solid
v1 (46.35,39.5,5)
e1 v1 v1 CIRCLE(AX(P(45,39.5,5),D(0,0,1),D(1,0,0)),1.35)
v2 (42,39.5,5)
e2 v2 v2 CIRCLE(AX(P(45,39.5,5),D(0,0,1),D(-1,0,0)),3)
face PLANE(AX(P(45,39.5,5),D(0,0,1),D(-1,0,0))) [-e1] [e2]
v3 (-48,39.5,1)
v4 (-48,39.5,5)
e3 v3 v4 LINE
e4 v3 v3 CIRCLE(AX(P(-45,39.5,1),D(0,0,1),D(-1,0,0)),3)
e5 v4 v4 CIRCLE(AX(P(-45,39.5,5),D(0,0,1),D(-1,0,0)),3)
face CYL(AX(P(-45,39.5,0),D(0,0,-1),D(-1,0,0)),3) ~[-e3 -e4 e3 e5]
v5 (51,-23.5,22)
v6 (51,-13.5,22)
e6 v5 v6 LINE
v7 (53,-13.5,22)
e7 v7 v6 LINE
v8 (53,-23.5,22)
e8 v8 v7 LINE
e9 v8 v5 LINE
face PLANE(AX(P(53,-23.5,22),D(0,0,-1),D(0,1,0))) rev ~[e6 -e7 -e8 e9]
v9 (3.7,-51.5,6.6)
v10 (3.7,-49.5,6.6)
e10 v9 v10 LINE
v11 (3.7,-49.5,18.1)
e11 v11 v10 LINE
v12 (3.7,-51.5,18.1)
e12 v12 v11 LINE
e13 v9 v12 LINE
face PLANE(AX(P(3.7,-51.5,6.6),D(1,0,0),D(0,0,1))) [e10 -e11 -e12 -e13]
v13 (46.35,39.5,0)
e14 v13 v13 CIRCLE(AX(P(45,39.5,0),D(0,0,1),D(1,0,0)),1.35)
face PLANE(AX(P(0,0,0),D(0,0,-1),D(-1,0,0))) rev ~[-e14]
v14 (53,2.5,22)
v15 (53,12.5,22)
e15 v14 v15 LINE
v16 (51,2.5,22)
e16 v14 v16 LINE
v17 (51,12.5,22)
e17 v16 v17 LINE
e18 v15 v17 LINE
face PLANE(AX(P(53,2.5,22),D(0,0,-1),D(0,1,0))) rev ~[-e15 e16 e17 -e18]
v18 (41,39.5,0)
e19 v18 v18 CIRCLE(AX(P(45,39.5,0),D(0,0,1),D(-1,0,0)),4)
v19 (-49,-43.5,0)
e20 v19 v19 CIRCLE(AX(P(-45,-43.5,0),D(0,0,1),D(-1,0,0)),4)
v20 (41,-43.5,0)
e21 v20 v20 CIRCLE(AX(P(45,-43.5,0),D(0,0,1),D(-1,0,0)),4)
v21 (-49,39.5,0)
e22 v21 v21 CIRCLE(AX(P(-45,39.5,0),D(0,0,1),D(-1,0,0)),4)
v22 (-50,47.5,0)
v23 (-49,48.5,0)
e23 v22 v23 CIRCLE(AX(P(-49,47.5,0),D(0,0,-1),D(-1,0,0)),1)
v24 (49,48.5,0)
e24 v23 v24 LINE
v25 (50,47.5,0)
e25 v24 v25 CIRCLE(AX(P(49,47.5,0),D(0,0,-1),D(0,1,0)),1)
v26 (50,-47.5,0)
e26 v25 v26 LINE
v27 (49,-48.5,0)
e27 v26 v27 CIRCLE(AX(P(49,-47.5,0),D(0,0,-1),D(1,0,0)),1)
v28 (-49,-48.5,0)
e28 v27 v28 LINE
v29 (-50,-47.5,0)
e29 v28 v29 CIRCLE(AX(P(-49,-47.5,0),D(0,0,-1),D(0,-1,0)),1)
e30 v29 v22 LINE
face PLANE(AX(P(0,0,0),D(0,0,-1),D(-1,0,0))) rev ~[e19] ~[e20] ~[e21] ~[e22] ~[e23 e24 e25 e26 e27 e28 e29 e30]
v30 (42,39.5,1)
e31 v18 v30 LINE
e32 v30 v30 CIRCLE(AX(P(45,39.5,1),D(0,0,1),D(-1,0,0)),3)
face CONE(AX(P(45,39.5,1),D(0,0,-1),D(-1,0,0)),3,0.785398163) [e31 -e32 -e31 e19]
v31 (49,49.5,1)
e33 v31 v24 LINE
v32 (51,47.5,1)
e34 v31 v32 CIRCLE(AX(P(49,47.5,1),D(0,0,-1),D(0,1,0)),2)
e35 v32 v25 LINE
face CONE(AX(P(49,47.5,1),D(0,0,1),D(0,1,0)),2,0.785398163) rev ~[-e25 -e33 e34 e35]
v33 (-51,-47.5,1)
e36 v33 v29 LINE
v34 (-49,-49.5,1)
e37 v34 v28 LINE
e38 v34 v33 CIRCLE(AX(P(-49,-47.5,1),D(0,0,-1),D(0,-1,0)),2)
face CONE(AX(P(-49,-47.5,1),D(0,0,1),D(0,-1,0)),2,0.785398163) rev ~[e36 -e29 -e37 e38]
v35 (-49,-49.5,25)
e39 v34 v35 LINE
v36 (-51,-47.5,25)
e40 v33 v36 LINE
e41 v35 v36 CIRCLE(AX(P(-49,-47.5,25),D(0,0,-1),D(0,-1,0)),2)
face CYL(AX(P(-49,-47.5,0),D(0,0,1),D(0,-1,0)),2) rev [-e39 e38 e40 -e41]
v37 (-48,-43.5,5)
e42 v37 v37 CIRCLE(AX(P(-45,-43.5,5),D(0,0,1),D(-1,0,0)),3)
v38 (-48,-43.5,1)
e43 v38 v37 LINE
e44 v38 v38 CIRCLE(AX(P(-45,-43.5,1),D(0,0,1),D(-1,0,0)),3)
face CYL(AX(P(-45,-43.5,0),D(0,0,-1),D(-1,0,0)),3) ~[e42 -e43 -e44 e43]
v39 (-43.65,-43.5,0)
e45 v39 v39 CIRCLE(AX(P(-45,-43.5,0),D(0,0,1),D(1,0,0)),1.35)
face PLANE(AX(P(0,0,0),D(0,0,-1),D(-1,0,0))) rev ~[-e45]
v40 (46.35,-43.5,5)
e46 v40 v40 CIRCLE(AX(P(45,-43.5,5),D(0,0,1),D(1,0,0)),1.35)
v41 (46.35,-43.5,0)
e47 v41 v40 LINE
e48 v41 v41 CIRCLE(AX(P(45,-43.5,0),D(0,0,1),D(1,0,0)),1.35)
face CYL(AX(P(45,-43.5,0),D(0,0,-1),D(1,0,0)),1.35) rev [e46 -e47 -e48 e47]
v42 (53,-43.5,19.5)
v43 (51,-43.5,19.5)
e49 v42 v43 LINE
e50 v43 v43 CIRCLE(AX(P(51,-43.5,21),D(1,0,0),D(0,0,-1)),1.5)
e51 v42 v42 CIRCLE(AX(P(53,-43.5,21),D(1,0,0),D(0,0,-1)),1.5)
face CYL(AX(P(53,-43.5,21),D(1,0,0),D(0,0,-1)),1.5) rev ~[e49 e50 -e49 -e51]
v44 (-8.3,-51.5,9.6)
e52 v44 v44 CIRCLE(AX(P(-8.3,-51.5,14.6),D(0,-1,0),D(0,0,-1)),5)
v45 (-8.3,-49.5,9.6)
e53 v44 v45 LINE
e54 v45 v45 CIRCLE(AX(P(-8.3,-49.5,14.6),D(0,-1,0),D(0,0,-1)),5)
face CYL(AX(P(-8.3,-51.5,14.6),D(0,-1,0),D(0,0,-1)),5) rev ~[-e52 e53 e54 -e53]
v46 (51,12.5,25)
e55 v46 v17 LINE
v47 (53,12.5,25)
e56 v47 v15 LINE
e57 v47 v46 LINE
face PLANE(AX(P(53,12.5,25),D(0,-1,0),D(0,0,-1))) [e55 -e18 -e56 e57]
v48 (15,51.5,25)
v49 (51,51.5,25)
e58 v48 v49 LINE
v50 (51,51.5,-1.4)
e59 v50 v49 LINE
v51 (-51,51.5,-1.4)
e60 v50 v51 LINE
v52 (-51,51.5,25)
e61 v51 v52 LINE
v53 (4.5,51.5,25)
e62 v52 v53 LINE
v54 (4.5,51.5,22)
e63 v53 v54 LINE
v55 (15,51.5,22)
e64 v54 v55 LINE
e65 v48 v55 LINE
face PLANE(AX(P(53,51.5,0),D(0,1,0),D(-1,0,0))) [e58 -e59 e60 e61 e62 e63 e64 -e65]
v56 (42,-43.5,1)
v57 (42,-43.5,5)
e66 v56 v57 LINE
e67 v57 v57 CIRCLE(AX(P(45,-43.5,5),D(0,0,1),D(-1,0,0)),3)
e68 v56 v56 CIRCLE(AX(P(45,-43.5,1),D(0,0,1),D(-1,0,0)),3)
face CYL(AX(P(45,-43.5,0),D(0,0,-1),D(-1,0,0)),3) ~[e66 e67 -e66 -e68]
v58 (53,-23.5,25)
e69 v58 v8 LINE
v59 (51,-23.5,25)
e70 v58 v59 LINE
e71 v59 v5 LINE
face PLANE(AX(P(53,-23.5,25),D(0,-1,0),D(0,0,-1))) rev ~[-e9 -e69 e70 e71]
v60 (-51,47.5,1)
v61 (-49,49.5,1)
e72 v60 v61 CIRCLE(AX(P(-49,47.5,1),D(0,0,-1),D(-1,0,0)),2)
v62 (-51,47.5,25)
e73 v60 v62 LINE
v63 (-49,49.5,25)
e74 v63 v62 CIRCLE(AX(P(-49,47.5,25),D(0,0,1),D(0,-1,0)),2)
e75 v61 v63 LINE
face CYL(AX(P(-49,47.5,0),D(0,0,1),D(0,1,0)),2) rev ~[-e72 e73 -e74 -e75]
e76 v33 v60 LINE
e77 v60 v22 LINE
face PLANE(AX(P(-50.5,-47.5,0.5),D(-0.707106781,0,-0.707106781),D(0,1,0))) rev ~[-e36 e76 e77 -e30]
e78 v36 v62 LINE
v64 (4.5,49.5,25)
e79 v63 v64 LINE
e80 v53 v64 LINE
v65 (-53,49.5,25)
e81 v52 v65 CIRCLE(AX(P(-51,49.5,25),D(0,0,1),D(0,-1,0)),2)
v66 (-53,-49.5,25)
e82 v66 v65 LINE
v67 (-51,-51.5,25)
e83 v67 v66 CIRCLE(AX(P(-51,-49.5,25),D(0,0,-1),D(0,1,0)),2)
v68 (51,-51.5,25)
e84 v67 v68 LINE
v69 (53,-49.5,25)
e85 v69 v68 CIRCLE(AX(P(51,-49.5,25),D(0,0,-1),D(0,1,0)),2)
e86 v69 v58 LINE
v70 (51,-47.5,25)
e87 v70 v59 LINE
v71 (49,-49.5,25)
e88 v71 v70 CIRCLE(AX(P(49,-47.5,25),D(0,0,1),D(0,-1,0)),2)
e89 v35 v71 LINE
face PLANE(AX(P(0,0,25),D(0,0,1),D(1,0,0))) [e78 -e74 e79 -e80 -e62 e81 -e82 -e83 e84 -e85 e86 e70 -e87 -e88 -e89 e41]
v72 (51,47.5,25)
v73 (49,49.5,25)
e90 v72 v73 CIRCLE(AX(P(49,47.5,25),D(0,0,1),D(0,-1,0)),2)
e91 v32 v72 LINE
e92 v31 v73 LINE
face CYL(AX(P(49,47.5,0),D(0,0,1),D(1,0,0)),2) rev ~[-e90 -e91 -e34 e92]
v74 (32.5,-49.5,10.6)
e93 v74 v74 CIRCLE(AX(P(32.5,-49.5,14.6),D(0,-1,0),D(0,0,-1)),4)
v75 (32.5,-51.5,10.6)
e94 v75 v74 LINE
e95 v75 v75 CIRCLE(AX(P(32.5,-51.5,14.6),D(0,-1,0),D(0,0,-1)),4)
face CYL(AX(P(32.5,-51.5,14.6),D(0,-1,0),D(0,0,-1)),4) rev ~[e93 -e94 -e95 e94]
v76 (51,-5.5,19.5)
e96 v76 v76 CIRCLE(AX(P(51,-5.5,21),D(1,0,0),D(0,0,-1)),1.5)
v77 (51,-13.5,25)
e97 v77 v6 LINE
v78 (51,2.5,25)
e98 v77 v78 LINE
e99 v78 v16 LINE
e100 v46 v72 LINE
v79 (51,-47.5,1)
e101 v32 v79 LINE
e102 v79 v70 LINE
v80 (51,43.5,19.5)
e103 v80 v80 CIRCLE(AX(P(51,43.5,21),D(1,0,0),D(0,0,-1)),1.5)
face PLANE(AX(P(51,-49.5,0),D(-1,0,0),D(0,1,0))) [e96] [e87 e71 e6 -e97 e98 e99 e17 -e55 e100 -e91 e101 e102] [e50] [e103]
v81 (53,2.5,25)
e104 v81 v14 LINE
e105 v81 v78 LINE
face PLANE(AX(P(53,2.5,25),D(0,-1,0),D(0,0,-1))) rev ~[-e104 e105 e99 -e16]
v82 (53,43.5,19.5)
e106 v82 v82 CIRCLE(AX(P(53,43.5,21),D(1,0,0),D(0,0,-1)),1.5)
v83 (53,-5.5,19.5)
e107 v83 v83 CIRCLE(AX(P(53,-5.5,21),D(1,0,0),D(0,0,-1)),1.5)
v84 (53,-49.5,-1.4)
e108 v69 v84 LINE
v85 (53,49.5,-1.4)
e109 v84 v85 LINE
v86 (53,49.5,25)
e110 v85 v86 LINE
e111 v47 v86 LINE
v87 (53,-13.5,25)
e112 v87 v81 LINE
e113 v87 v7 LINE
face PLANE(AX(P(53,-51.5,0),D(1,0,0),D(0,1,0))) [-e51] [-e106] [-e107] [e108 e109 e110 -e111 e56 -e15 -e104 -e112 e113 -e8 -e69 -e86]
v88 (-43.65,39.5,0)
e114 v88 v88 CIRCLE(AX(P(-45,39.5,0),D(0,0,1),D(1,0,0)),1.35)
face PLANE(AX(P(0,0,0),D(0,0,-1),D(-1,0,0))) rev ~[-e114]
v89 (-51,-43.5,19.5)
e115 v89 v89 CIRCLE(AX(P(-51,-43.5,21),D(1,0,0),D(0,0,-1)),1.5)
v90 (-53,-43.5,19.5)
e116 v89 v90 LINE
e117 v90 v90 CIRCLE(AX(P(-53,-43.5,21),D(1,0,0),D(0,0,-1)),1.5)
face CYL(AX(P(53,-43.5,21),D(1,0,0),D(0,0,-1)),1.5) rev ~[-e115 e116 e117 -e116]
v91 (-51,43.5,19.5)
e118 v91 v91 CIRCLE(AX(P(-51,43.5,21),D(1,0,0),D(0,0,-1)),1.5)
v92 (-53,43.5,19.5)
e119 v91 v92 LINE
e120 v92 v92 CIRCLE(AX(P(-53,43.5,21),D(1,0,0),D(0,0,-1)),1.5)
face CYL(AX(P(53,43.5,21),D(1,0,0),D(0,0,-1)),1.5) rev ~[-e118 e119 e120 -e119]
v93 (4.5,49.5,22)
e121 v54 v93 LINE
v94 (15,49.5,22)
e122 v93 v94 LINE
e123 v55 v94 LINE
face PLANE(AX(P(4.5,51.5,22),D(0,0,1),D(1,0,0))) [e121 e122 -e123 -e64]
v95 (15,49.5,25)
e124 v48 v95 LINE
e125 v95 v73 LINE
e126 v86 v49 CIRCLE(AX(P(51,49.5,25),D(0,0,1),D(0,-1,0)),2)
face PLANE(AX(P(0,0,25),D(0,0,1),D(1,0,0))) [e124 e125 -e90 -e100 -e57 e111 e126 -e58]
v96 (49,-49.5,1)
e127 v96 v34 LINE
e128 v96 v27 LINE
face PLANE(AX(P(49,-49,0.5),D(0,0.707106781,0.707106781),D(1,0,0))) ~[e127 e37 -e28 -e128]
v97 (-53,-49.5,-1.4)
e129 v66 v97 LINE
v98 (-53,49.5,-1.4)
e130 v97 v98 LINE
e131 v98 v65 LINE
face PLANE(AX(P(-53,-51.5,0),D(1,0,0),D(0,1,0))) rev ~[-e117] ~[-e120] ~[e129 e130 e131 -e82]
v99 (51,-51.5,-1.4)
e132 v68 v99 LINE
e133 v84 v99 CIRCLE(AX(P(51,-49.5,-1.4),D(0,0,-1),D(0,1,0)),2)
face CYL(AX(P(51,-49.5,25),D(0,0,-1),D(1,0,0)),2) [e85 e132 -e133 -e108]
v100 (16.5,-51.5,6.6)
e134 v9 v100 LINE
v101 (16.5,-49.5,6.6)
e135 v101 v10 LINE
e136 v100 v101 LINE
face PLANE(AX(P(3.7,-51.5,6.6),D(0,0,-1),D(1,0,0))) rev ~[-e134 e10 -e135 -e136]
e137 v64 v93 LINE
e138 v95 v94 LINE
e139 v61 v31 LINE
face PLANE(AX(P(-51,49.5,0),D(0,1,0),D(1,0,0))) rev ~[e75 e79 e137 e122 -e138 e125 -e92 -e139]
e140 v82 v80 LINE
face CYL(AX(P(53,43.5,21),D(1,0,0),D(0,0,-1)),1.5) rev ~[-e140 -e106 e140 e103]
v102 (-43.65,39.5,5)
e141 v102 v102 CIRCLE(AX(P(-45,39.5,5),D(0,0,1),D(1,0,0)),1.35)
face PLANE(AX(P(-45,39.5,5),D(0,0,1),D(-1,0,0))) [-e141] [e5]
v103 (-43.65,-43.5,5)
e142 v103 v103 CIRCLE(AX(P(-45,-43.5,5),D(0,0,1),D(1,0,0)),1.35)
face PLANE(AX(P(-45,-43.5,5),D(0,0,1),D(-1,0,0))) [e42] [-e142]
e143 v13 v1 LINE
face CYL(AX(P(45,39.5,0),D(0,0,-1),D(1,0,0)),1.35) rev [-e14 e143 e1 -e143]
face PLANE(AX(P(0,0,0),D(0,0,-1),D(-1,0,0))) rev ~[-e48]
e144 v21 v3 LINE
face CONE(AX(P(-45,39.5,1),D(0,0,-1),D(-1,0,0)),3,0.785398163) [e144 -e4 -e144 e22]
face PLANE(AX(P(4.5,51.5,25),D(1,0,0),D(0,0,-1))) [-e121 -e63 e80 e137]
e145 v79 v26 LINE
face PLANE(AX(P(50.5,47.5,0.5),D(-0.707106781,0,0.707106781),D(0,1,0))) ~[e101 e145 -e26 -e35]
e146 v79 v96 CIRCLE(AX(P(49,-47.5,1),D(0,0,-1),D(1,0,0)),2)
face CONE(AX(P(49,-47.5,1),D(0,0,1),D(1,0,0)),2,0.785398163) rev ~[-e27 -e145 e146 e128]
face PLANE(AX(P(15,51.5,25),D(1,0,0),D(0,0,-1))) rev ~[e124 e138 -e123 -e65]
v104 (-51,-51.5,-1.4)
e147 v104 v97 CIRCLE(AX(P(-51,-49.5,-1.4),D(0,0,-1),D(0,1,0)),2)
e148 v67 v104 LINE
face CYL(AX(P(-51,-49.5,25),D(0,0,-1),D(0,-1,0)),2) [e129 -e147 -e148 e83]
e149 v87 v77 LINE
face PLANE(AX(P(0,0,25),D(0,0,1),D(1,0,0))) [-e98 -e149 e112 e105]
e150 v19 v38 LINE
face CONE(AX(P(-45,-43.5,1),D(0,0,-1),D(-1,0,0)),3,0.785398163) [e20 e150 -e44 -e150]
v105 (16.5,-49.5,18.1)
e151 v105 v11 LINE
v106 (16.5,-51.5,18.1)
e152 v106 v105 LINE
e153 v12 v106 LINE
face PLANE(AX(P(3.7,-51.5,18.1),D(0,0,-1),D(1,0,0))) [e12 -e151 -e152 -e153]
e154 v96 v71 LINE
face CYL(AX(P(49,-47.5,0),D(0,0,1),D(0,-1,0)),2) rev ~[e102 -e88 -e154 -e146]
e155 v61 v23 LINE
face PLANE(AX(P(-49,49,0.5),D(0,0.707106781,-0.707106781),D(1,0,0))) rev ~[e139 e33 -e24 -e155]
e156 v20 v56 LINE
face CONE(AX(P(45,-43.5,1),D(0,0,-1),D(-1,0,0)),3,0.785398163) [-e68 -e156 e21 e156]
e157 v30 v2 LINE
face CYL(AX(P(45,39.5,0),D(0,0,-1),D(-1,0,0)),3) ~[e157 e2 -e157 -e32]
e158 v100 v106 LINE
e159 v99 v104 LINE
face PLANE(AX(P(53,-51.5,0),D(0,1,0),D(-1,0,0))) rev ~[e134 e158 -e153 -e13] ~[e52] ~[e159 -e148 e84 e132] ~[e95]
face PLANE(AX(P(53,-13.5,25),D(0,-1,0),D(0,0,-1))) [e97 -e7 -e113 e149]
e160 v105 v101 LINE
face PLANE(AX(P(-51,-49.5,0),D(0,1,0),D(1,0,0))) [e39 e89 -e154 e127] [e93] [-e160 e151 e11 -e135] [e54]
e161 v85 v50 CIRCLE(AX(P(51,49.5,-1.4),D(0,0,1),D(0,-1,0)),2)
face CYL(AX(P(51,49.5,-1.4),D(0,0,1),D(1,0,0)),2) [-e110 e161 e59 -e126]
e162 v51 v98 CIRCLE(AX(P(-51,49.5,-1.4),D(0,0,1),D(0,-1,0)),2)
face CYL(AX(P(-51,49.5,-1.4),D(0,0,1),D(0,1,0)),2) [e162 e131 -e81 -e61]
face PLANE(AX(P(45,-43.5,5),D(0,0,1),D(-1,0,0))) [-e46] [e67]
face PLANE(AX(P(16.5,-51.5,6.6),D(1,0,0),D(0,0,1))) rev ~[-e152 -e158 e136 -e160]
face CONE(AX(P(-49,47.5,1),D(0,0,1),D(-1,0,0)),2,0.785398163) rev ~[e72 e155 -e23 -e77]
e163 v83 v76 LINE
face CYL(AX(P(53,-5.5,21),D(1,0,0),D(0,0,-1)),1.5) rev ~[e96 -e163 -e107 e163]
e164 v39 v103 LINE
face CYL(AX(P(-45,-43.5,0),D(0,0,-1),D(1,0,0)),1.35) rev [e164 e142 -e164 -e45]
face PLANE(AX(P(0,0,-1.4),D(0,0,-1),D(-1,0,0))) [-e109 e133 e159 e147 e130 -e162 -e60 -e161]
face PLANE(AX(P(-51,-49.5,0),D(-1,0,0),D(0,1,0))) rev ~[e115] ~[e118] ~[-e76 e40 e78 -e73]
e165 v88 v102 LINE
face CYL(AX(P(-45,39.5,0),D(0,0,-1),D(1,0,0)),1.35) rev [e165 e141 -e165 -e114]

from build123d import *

# Parameters (mm, degrees)
SKETCH_1_W          = 106
SKETCH_1_H          = 103
SKETCH_1_W_2        = 102
SKETCH_1_H_2        = 99
EXTRUDE_1_DEPTH     = 25
SKETCH_2_W          = 106
SKETCH_2_H          = 103
EXTRUDE_2_DEPTH     = 1.4
SKETCH_3_R          = 3
SKETCH_3_R_2        = 1.35
EXTRUDE_3_DEPTH     = 5
SKETCH_4_W          = 12.8
SKETCH_4_H          = 11.5
CUT_EXTRUDE_1_DEPTH = 101
FILLET_1_R          = 2
CHAMFER_1_SIZE      = 1
SKETCH_5_R          = 4
SKETCH_5_R_2        = 5
CUT_EXTRUDE_2_DEPTH = 2
SKETCH_6_W          = 3
SKETCH_6_H          = 10
CUT_EXTRUDE_3_DEPTH = 2
SKETCH_8_R          = 1.5
CUT_EXTRUDE_4_DEPTH = 121.470950855
SKETCH_9_R          = 1.5
CUT_EXTRUDE_5_DEPTH = 2
SKETCH_10_W         = 10.5
SKETCH_10_H         = 3
CUT_EXTRUDE_6_DEPTH = 2


with BuildPart() as part:
    # Эскиз1 → Бобышка-Вытянуть1 (new body)
    with BuildSketch(Plane.XY):
        Rectangle(SKETCH_1_W, SKETCH_1_H)
        Rectangle(SKETCH_1_W_2, SKETCH_1_H_2, mode=Mode.SUBTRACT)
    extrude(amount=EXTRUDE_1_DEPTH)

    # Эскиз2 → Бобышка-Вытянуть2 (add)
    with BuildSketch(Plane(origin=(0, 0, 0), x_dir=(-1, 0, 0), z_dir=(0, 0, -1))):
        Rectangle(SKETCH_2_W, SKETCH_2_H)
    extrude(amount=EXTRUDE_2_DEPTH)

    # Эскиз3 → Бобышка-Вытянуть3 (add)
    # profile 1 of 4: a face of its own
    with BuildSketch(Plane.XY):
        with Locations(Location((-45, 39.5, 0), (0, 0, 180))):
            Circle(SKETCH_3_R)
        with Locations((-45, 39.5)):
            Circle(SKETCH_3_R_2, mode=Mode.SUBTRACT)
    # profile 2 of 4: a face of its own
    with BuildSketch(Plane.XY):
        with Locations(Location((45, 39.5, 0), (0, 0, 180))):
            Circle(SKETCH_3_R)
        with Locations((45, 39.5)):
            Circle(SKETCH_3_R_2, mode=Mode.SUBTRACT)
    # profile 3 of 4: a face of its own
    with BuildSketch(Plane.XY):
        with Locations(Location((-45, -43.5, 0), (0, 0, 180))):
            Circle(SKETCH_3_R)
        with Locations((-45, -43.5)):
            Circle(SKETCH_3_R_2, mode=Mode.SUBTRACT)
    # profile 4 of 4: a face of its own
    with BuildSketch(Plane.XY):
        with Locations(Location((45, -43.5, 0), (0, 0, 180))):
            Circle(SKETCH_3_R)
        with Locations((45, -43.5)):
            Circle(SKETCH_3_R_2, mode=Mode.SUBTRACT)
    extrude(amount=EXTRUDE_3_DEPTH)

    # Эскиз4 → Вырез-Вытянуть1 (cut)
    with BuildSketch(Plane.XZ.offset(51.5)):
        with Locations((10.1, 12.35)):
            Rectangle(SKETCH_4_W, SKETCH_4_H)
    extrude(amount=-CUT_EXTRUDE_1_DEPTH, mode=Mode.SUBTRACT)

    # Скругление1
    fillet_1_edges = [part.edges().sort_by_distance(p)[0] for p in [
        (51, -49.5, 12.5),
        (51, 49.5, 12.5),
        (-51, 49.5, 12.5),
        (-51, -49.5, 12.5),
        (53, -51.5, 11.8),
        (-53, -51.5, 11.8),
        (-53, 51.5, 11.8),
        (53, 51.5, 11.8),
    ]]
    fillet(fillet_1_edges, radius=FILLET_1_R)

    # Фаска1
    chamfer_1_edges = [part.edges().sort_by_distance(p)[0] for p in [
        (-51, 0, 0),
        (0, -49.5, 0),
        (51, 0, 0),
        (0, 49.5, 0),
        (50.414213562, -48.914213562, 0),
        (50.414213562, 48.914213562, 0),
        (-50.414213562, 48.914213562, 0),
        (-50.414213562, -48.914213562, 0),
        (-42, 39.5, 0),
        (48, 39.5, 0),
        (-42, -43.5, 0),
        (48, -43.5, 0),
    ]]
    chamfer(chamfer_1_edges, length=CHAMFER_1_SIZE)

    # Эскиз5 → Вырез-Вытянуть2 (cut)
    with BuildSketch(Plane.XZ.offset(51.5)):
        with Locations(Location((32.5, 14.6, 0), (0, 0, 270))):
            Circle(SKETCH_5_R)
        with Locations(Location((-8.3, 14.6, 0), (0, 0, 270))):
            Circle(SKETCH_5_R_2)
    extrude(amount=-CUT_EXTRUDE_2_DEPTH, mode=Mode.SUBTRACT)

    # Эскиз6 → Вырез-Вытянуть3 (cut)
    with BuildSketch(Plane(origin=(53, 0, 0), x_dir=(0, 0, -1), z_dir=(1, 0, 0))):
        with Locations((-23.5, -18.5)):
            Rectangle(SKETCH_6_W, SKETCH_6_H)
        with Locations((-23.5, 7.5)):
            Rectangle(SKETCH_6_W, SKETCH_6_H)
    extrude(amount=-CUT_EXTRUDE_3_DEPTH, mode=Mode.SUBTRACT)

    # Эскиз8 → Вырез-Вытянуть4 (cut, through all)
    with BuildSketch(Plane(origin=(53, 0, 0), x_dir=(0, 0, -1), z_dir=(1, 0, 0))):
        with Locations((-21, 43.5)):
            Circle(SKETCH_8_R)
        with Locations((-21, -43.5)):
            Circle(SKETCH_8_R)
    extrude(amount=-CUT_EXTRUDE_4_DEPTH, mode=Mode.SUBTRACT)

    # Эскиз9 → Вырез-Вытянуть5 (cut)
    with BuildSketch(Plane(origin=(53, 0, 0), x_dir=(0, 0, -1), z_dir=(1, 0, 0))):
        with Locations((-21, -5.5)):
            Circle(SKETCH_9_R)
    extrude(amount=-CUT_EXTRUDE_5_DEPTH, mode=Mode.SUBTRACT)

    # Эскиз10 → Вырез-Вытянуть6 (cut)
    with BuildSketch(Plane(origin=(0, 51.5, 0), x_dir=(1, 0, 0), z_dir=(0, 1, 0))):
        with Locations((9.75, -23.5)):
            Rectangle(SKETCH_10_W, SKETCH_10_H)
    extrude(amount=-CUT_EXTRUDE_6_DEPTH, mode=Mode.SUBTRACT)


solid = part.part
